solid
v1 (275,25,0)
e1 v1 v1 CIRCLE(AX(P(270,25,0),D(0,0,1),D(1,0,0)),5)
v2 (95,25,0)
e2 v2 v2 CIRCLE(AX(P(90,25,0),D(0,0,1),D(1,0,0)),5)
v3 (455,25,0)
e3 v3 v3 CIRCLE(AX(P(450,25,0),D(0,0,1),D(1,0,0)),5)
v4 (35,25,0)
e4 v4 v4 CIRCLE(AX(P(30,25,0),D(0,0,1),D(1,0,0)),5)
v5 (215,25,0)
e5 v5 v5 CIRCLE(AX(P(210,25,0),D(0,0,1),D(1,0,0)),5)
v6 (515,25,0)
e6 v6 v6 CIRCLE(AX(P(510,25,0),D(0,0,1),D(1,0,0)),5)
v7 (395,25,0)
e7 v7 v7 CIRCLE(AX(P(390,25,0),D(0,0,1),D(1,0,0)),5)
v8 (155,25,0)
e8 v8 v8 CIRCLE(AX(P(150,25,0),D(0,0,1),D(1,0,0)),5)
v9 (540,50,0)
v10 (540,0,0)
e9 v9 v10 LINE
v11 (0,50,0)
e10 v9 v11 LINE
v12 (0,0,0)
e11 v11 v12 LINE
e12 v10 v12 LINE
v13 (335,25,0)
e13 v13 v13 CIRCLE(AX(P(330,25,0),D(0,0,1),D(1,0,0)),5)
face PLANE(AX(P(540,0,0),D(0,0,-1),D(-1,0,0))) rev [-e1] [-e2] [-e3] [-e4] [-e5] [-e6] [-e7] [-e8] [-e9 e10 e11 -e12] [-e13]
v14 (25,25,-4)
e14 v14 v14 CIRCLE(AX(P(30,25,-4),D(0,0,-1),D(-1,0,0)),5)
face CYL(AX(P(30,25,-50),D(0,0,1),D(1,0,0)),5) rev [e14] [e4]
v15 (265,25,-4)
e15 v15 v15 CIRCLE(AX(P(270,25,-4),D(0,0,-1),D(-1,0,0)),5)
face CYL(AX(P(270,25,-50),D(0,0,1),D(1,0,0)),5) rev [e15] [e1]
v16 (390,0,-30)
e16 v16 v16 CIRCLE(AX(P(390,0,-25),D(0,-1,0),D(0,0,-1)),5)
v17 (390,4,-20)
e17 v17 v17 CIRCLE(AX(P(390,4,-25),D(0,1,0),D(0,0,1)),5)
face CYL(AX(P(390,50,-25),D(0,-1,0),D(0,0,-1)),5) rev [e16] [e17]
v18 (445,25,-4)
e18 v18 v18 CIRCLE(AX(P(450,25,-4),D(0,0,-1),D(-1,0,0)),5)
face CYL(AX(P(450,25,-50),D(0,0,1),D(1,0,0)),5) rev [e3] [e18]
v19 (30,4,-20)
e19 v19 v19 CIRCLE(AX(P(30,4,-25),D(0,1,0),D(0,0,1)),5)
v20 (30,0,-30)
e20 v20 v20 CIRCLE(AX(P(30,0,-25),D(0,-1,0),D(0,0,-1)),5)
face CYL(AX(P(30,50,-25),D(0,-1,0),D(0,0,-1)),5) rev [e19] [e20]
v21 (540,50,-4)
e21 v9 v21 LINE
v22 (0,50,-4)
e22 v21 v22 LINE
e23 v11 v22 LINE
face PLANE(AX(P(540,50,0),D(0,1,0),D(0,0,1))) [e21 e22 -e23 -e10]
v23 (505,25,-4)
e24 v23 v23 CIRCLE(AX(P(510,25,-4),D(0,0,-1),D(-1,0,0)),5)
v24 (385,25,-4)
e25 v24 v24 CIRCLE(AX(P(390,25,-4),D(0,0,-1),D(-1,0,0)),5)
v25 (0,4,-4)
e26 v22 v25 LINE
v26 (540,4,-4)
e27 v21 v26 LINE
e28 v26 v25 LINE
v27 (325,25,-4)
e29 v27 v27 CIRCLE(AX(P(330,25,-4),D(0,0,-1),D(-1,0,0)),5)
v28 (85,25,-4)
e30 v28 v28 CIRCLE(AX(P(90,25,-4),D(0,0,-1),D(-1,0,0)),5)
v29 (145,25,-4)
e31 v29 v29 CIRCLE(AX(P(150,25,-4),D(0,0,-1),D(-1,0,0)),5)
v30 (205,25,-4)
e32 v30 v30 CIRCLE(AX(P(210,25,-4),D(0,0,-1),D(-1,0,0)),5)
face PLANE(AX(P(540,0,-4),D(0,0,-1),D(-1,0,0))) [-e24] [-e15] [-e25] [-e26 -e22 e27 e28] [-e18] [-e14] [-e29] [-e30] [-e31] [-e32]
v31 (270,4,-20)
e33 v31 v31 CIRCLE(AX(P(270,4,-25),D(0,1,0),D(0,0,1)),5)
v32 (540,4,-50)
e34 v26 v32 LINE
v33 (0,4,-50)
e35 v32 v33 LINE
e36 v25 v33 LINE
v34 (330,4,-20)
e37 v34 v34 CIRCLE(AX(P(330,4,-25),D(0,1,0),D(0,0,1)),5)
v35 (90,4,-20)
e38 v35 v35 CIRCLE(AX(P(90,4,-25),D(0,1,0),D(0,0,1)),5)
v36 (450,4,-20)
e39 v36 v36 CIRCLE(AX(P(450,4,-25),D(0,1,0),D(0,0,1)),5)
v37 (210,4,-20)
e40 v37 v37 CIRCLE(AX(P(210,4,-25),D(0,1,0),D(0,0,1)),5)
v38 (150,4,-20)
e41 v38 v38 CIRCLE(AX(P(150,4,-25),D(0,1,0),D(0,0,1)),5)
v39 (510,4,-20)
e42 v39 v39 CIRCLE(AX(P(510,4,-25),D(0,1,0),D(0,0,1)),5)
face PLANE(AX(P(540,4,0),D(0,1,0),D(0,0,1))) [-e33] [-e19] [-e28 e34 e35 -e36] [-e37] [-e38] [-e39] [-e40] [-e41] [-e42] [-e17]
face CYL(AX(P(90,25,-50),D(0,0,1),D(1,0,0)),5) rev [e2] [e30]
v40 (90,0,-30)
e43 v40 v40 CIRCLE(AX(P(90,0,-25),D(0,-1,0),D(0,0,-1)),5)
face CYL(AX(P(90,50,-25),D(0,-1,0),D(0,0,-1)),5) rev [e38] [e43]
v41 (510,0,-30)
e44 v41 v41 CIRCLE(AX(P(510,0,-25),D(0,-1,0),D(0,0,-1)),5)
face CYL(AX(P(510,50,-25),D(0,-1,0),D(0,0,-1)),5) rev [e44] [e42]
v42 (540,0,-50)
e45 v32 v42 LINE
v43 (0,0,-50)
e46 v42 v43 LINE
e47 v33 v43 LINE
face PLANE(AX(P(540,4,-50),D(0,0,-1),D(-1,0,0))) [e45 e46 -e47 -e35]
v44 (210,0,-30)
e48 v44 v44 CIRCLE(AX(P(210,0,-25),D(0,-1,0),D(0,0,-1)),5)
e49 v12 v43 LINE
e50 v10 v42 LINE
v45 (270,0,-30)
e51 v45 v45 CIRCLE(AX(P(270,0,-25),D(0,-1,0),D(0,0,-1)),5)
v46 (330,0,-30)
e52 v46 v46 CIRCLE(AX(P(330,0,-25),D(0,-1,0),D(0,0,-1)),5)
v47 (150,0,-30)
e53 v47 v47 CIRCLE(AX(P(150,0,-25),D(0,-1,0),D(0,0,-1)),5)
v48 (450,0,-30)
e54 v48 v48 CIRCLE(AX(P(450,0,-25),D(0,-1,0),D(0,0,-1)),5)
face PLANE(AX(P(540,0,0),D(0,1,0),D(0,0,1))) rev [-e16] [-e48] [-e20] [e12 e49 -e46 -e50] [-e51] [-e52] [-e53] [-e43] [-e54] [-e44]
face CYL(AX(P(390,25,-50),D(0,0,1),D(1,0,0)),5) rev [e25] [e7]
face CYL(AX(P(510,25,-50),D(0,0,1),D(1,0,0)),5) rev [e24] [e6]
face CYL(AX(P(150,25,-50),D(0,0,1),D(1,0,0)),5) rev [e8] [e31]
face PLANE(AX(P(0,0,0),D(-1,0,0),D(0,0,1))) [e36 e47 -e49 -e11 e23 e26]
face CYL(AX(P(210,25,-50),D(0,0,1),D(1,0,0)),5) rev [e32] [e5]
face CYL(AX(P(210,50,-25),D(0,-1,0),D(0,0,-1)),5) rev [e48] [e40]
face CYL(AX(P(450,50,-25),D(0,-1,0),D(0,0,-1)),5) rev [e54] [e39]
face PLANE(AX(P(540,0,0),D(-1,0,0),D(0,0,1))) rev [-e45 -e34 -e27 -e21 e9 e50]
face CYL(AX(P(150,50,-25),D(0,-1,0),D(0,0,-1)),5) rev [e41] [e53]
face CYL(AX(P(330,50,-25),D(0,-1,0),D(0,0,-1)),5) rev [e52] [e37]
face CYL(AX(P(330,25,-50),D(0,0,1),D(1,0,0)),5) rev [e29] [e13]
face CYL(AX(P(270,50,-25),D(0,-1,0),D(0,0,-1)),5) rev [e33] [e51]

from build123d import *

# Parameters (mm, degrees)
EXTRUDE_1_DEPTH     = 540
SKETCH_2_R          = 5
CUT_EXTRUDE_1_DEPTH = 51
SKETCH_3_R          = 5
CUT_EXTRUDE_2_DEPTH = 51


with BuildPart() as part:
    # Эскиз1 → Вытянуть-Тонкостенный1 (new body)
    with BuildSketch(Plane(origin=(0, 0, 0), x_dir=(0, 0, -1), z_dir=(1, 0, 0))):
        Polygon((50, 0), (0, 0), (0, 50), (4, 50), (4, 4), (50, 4), align=None)
    extrude(amount=EXTRUDE_1_DEPTH)

    # Эскиз2 → Вырез-Вытянуть1 (cut, through all)
    with BuildSketch(Plane.XY):
        with Locations((30, 25)):
            Circle(SKETCH_2_R)
        with Locations((90, 25)):
            Circle(SKETCH_2_R)
        with Locations((150, 25)):
            Circle(SKETCH_2_R)
        with Locations((210, 25)):
            Circle(SKETCH_2_R)
        with Locations((270, 25)):
            Circle(SKETCH_2_R)
        with Locations((330, 25)):
            Circle(SKETCH_2_R)
        with Locations((390, 25)):
            Circle(SKETCH_2_R)
        with Locations((450, 25)):
            Circle(SKETCH_2_R)
        with Locations((510, 25)):
            Circle(SKETCH_2_R)
    extrude(amount=-CUT_EXTRUDE_1_DEPTH, mode=Mode.SUBTRACT)

    # Эскиз3 → Вырез-Вытянуть2 (cut, through all)
    with BuildSketch(Plane.XZ):
        with Locations((30, -25)):
            Circle(SKETCH_3_R)
        with Locations((90, -25)):
            Circle(SKETCH_3_R)
        with Locations((150, -25)):
            Circle(SKETCH_3_R)
        with Locations((210, -25)):
            Circle(SKETCH_3_R)
        with Locations((270, -25)):
            Circle(SKETCH_3_R)
        with Locations((330, -25)):
            Circle(SKETCH_3_R)
        with Locations((390, -25)):
            Circle(SKETCH_3_R)
        with Locations((450, -25)):
            Circle(SKETCH_3_R)
        with Locations((510, -25)):
            Circle(SKETCH_3_R)
    extrude(amount=-CUT_EXTRUDE_2_DEPTH, mode=Mode.SUBTRACT)


solid = part.part
